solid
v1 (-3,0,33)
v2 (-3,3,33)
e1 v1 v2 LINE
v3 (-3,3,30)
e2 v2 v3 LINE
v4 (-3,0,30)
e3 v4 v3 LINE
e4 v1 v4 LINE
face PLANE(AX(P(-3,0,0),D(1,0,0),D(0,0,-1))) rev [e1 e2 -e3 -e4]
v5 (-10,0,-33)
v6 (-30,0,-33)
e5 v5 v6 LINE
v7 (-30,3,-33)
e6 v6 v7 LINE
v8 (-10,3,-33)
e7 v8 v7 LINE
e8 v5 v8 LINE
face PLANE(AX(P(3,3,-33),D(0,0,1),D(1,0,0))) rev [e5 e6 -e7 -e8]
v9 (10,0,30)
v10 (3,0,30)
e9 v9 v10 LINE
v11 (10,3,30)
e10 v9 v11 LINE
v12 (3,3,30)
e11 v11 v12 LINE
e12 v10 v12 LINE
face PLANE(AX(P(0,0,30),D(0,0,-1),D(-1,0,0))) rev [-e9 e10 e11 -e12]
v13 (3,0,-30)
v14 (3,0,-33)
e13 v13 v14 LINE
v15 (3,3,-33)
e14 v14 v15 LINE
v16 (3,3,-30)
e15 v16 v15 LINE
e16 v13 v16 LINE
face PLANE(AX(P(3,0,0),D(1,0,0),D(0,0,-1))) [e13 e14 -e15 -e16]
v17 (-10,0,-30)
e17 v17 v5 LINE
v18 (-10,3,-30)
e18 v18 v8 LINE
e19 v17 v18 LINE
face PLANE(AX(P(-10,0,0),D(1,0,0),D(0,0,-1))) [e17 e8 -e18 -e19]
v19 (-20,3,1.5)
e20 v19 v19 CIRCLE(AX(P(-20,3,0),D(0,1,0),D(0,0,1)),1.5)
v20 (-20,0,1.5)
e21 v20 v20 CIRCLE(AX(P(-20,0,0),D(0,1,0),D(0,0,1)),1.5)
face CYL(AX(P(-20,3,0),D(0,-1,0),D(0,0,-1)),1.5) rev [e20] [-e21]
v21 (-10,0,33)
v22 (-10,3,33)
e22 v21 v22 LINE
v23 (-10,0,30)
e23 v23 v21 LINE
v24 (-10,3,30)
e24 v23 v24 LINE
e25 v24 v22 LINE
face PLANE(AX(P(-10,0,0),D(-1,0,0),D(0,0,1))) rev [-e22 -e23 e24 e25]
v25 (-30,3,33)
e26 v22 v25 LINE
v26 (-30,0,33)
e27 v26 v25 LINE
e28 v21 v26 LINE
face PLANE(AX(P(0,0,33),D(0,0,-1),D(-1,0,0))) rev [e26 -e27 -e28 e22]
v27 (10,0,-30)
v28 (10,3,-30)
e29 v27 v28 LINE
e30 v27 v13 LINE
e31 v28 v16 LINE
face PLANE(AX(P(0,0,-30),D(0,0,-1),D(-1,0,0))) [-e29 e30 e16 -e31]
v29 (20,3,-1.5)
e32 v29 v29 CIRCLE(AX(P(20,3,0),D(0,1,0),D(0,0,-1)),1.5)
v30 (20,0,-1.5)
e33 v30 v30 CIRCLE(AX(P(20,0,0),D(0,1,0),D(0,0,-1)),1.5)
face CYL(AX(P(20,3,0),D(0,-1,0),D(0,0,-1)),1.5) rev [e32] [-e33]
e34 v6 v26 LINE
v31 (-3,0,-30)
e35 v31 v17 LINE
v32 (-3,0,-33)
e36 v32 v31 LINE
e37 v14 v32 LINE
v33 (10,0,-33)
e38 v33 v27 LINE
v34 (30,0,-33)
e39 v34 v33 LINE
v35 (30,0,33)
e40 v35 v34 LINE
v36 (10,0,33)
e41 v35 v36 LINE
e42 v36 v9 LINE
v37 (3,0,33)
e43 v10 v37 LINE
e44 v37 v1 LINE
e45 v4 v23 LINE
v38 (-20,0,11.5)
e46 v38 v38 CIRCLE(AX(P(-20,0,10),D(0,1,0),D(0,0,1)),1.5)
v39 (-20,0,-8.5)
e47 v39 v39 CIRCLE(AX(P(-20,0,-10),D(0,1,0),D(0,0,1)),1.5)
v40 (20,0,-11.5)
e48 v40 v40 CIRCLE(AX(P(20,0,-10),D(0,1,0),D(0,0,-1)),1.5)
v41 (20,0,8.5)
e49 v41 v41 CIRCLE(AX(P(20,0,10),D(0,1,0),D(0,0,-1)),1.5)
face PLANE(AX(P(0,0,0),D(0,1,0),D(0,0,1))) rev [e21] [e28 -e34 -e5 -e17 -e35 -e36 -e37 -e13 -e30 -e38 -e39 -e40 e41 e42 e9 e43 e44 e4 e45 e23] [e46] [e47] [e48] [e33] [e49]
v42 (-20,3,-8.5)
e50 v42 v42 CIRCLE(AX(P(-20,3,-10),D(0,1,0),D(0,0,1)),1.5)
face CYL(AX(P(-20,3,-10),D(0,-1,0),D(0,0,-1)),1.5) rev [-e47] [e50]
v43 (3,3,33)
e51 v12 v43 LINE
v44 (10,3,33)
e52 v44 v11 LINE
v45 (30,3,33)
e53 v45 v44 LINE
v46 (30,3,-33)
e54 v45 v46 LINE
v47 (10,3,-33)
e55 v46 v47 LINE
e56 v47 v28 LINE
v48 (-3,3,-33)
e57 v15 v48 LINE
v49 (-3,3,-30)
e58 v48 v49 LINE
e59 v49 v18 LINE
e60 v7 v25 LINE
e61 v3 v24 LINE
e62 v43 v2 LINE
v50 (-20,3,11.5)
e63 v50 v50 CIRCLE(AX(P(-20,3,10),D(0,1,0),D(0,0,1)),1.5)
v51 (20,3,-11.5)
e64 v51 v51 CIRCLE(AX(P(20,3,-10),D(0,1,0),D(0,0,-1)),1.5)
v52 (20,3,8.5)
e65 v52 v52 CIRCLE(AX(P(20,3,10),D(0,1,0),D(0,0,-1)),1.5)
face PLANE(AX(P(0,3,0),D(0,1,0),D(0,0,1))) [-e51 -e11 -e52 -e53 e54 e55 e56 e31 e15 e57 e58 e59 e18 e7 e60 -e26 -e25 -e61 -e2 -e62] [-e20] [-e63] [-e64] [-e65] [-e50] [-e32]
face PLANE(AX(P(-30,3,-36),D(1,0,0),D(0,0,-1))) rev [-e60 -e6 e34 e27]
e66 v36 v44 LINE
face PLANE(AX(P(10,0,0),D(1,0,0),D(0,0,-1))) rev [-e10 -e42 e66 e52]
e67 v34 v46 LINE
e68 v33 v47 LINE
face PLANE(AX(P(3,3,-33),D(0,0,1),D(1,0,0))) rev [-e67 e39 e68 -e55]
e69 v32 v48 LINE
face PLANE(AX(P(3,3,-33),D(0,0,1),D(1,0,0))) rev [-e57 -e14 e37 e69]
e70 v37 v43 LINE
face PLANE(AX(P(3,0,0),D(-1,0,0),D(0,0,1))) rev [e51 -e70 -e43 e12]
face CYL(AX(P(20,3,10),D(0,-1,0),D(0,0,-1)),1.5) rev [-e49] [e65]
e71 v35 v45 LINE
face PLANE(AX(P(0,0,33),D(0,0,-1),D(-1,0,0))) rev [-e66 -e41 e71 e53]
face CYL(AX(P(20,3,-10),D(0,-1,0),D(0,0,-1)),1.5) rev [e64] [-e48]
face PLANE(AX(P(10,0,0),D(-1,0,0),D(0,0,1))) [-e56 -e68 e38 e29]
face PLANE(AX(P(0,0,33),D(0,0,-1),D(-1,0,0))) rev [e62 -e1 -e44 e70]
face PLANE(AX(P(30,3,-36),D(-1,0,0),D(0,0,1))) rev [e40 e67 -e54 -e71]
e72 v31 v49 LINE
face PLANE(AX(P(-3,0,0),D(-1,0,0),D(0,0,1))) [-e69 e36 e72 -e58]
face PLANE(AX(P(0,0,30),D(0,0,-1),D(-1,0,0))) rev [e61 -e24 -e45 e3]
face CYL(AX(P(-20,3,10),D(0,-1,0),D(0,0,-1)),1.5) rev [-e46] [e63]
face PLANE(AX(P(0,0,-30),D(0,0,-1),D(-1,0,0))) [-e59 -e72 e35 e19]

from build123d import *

# Parameters (mm, degrees)
SKETCH_1_R          = 1.5
EXTRUDE_1_DEPTH     = 3
SKETCH_2_W          = 20
SKETCH_2_H          = 3
SKETCH_2_W_2        = 7
SKETCH_2_W_3        = 6
CUT_EXTRUDE_1_DEPTH = 3


with BuildPart() as part:
    # 草图1 → 凸台-拉伸1 (new body)
    with BuildSketch(Plane(origin=(0, 0, 0), x_dir=(1, 0, 0), z_dir=(0, 1, 0))):
        Polygon((-3, 36), (3, 36), (3, 33), (10, 33), (10, 36), (30, 36), (30, -36), (10, -36), (10, -33), (3, -33), (3, -36), (-3, -36), (-3, -33), (-10, -33), (-10, -36), (-30, -36), (-30, 36), (-10, 36), (-10, 33), (-3, 33), align=None)
        with Locations(Location((-20, 0, 0), (0, 0, 270))):
            Circle(SKETCH_1_R, mode=Mode.SUBTRACT)
        with Locations(Location((-20, 10, 0), (0, 0, 270))):
            Circle(SKETCH_1_R, mode=Mode.SUBTRACT)
        with Locations(Location((-20, -10, 0), (0, 0, 270))):
            Circle(SKETCH_1_R, mode=Mode.SUBTRACT)
        with Locations(Location((20, -10, 0), (0, 0, 90))):
            Circle(SKETCH_1_R, mode=Mode.SUBTRACT)
        with Locations(Location((20, 0, 0), (0, 0, 90))):
            Circle(SKETCH_1_R, mode=Mode.SUBTRACT)
        with Locations(Location((20, 10, 0), (0, 0, 90))):
            Circle(SKETCH_1_R, mode=Mode.SUBTRACT)
    extrude(amount=EXTRUDE_1_DEPTH)

    # 草图2 → 切除-拉伸1 (cut)
    with BuildSketch(Plane(origin=(0, 3, 0), x_dir=(1, 0, 0), z_dir=(0, 1, 0))):
        Polygon((10, -36), (10, -33), (3, -33), (3, -36), (-3, -36), (-3, -33), (-10, -33), (-10, -36), (-30, -36), (-30, -51.145267559), (30, -51.145267559), (30, -36), align=None)
        with Locations((20, -34.5)):
            Rectangle(SKETCH_2_W, SKETCH_2_H)
        with Locations((6.5, -31.5)):
            Rectangle(SKETCH_2_W_2, SKETCH_2_H)
        with Locations((0, -34.5)):
            Rectangle(SKETCH_2_W_3, SKETCH_2_H)
        with Locations((-6.5, -31.5)):
            Rectangle(SKETCH_2_W_2, SKETCH_2_H)
        with Locations((-20, -34.5)):
            Rectangle(SKETCH_2_W, SKETCH_2_H)
        with Locations((-20, 34.5)):
            Rectangle(SKETCH_2_W, SKETCH_2_H)
        with Locations((-6.5, 31.5)):
            Rectangle(SKETCH_2_W_2, SKETCH_2_H)
        with Locations((0, 34.5)):
            Rectangle(SKETCH_2_W_3, SKETCH_2_H)
        with Locations((6.5, 31.5)):
            Rectangle(SKETCH_2_W_2, SKETCH_2_H)
        with Locations((20, 34.5)):
            Rectangle(SKETCH_2_W, SKETCH_2_H)
    extrude(amount=-CUT_EXTRUDE_1_DEPTH, mode=Mode.SUBTRACT)


solid = part.part
